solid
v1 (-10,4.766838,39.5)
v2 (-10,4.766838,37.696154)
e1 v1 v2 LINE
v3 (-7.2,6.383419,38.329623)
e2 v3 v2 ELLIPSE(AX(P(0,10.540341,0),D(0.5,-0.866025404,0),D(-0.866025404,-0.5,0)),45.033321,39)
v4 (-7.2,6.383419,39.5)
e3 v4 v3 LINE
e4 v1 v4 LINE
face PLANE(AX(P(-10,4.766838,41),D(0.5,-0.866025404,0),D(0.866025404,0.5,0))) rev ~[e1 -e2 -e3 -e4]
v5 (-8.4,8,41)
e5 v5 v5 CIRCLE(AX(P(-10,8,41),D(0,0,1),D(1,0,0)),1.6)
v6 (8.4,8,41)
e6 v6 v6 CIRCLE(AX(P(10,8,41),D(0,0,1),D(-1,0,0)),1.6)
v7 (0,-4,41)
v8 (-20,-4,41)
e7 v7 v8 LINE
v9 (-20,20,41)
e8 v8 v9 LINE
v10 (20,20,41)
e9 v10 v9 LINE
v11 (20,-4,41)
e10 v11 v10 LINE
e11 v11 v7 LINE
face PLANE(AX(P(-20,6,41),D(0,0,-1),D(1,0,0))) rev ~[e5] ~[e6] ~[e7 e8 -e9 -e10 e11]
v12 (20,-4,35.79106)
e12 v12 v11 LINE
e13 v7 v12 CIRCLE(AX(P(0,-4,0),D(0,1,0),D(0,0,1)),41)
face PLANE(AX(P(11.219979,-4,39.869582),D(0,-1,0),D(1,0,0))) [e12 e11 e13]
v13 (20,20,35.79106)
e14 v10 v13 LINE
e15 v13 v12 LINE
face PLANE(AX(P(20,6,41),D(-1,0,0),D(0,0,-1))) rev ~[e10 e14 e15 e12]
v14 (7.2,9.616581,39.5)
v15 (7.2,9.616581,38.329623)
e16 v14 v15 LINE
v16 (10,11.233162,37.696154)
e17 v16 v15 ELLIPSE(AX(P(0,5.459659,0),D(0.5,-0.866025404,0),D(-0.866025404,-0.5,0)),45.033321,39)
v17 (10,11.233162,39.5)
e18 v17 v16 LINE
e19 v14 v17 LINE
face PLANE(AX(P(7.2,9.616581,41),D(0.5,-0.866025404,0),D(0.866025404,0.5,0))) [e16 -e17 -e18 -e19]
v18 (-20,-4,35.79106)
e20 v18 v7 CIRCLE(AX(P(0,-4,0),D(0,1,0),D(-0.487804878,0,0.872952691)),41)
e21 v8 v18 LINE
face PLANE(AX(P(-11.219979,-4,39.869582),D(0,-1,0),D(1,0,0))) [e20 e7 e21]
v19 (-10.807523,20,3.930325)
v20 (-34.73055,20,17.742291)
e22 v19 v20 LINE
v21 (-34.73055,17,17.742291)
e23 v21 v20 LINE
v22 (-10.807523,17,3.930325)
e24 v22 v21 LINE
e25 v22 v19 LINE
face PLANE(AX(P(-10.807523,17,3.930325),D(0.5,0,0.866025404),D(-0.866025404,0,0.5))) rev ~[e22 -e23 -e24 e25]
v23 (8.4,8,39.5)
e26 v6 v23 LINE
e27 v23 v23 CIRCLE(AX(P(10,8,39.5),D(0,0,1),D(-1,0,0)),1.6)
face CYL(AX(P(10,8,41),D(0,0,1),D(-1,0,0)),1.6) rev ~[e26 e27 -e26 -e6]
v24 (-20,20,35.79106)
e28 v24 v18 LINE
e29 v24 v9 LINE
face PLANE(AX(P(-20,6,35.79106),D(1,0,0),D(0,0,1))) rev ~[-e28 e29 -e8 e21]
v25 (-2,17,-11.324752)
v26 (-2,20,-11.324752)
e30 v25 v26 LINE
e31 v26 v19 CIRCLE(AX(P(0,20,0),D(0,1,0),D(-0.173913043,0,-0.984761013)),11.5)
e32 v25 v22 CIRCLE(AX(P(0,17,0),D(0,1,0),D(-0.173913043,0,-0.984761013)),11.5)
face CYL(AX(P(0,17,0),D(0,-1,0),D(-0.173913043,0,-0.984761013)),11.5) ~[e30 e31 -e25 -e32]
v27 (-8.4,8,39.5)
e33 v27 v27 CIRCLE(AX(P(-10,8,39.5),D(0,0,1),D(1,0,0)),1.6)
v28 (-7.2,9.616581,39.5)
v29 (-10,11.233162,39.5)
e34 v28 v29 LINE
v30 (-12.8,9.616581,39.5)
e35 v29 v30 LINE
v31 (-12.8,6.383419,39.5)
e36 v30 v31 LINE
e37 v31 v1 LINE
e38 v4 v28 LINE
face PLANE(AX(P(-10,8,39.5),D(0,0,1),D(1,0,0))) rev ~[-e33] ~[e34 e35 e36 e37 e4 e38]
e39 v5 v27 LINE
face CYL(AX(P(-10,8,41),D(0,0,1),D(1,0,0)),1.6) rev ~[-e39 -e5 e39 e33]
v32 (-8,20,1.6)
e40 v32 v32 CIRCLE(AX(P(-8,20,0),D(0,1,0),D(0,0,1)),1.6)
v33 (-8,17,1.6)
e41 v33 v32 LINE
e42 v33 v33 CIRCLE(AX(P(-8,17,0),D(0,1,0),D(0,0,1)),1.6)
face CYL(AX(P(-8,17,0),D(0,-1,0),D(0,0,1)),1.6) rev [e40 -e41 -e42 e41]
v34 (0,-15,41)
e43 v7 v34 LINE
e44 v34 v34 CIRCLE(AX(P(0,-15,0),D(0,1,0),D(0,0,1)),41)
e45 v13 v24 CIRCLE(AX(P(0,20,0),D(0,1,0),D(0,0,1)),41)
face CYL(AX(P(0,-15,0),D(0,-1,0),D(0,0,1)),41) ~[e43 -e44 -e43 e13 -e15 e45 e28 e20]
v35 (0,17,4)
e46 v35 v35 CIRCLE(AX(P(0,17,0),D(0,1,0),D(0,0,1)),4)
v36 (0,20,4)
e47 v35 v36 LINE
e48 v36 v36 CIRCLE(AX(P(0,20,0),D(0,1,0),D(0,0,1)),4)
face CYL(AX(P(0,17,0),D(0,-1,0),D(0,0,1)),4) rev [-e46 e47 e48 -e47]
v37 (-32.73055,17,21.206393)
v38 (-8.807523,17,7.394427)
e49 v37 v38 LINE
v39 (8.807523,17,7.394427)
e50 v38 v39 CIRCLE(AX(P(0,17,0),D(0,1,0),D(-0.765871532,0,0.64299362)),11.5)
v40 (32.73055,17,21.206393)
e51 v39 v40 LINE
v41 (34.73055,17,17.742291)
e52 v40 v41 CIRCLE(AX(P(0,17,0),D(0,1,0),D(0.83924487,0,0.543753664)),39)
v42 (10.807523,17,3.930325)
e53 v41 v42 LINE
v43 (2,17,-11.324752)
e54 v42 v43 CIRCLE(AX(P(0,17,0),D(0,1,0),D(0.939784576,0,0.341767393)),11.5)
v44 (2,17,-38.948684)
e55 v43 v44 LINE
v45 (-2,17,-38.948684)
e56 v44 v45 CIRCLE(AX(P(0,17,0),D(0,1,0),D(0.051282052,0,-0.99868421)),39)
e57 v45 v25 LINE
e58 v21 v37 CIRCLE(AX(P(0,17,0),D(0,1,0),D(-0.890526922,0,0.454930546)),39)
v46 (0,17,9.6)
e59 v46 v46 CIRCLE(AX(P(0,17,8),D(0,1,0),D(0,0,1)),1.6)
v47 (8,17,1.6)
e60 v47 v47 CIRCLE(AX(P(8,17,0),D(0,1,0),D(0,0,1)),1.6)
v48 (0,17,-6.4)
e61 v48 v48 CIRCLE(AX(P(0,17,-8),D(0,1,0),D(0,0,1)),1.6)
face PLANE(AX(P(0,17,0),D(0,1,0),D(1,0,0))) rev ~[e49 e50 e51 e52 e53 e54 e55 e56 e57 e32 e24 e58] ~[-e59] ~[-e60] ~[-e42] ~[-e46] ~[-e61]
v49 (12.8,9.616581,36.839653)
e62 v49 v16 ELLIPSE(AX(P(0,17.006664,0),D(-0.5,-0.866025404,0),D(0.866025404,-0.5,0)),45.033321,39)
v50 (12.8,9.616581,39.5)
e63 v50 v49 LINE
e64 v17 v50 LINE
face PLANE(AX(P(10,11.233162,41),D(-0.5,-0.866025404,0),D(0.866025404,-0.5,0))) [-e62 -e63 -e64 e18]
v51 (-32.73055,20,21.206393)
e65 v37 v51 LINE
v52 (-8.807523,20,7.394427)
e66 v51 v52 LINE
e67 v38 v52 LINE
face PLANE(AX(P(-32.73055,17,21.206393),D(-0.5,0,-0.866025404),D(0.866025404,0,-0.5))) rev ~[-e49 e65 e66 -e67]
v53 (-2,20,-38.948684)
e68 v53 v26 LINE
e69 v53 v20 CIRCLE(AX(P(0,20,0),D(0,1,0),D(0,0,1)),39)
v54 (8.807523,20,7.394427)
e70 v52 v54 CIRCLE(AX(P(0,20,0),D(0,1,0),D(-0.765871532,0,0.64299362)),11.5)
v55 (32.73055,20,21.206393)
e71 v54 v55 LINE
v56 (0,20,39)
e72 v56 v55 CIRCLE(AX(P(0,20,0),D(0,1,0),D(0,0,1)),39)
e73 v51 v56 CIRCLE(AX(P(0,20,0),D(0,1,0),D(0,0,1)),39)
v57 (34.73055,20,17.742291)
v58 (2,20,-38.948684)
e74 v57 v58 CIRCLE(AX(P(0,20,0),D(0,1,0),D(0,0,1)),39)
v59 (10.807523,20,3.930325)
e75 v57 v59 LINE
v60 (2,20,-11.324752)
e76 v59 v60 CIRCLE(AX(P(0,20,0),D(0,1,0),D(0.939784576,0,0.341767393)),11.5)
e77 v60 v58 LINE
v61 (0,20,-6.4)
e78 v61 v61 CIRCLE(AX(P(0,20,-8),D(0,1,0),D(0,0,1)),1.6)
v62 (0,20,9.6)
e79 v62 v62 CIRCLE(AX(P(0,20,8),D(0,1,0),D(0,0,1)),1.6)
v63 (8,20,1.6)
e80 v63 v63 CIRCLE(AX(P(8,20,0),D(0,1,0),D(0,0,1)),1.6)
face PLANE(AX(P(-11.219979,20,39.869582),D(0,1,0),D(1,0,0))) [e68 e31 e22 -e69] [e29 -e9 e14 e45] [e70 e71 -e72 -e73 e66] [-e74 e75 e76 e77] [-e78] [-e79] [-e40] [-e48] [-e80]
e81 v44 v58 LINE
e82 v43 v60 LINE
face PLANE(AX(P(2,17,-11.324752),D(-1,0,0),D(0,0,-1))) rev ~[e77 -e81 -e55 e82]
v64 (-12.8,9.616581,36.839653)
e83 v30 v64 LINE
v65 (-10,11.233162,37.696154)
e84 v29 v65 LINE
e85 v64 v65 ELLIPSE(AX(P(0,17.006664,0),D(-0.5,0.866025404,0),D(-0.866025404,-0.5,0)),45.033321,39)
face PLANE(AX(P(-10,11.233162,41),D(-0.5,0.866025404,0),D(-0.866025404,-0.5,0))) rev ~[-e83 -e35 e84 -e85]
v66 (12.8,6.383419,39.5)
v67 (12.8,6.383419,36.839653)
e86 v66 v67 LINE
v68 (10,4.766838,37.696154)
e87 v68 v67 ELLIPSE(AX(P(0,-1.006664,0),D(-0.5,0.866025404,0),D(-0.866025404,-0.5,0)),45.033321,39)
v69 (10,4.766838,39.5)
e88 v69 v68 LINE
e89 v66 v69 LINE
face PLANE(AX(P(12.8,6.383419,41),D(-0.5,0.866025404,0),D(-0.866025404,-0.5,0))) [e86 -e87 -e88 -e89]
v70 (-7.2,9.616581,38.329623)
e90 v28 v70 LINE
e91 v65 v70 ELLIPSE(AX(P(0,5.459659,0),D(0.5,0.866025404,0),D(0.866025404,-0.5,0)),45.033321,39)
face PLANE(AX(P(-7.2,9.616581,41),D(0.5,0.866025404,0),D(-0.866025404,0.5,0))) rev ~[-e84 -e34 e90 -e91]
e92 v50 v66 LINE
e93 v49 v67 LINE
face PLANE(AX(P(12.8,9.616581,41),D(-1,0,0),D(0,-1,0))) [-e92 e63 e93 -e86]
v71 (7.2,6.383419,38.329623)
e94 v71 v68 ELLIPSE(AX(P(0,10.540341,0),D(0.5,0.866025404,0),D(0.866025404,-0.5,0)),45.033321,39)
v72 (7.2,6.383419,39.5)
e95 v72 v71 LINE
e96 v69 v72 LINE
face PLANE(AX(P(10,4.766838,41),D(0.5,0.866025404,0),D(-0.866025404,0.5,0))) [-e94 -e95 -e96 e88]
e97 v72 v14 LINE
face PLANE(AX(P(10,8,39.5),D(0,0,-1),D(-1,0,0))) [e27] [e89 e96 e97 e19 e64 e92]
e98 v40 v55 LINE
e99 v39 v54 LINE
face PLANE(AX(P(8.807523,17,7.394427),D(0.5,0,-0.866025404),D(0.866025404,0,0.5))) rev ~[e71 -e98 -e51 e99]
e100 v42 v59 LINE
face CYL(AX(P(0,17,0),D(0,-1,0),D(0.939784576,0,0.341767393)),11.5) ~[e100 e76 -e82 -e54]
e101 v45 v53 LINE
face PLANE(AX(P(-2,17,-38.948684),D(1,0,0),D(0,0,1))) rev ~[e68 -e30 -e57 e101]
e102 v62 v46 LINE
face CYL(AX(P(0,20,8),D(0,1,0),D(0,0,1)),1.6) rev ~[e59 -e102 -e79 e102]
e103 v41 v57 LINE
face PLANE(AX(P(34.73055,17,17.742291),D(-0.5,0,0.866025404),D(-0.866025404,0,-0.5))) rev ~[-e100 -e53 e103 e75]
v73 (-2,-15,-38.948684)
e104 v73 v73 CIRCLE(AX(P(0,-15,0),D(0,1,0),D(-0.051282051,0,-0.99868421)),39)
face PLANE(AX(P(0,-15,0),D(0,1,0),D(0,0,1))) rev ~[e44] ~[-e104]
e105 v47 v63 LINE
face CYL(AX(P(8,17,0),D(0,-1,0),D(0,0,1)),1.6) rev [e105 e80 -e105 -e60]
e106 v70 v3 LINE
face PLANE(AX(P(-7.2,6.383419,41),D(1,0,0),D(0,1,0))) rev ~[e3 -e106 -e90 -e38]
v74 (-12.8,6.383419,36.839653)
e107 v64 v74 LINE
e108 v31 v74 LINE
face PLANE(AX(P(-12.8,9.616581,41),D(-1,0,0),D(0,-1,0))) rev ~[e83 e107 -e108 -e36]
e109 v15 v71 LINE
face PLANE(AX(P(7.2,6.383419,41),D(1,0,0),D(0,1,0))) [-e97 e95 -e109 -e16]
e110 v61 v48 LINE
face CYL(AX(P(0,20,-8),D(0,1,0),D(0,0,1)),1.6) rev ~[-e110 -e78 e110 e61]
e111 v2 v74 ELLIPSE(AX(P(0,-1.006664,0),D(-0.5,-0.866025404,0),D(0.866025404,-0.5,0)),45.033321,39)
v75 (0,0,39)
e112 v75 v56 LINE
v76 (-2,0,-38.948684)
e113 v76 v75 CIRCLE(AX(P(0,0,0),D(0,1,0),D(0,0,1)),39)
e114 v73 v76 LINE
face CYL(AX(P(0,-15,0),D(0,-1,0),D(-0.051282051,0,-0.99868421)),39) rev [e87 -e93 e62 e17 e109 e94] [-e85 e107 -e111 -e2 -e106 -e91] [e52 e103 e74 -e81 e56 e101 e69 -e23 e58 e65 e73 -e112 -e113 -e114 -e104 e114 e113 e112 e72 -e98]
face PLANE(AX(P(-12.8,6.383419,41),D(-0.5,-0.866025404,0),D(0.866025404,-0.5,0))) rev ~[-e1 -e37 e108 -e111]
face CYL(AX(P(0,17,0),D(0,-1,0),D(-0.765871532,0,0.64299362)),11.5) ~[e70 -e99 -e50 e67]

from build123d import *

# Parameters (mm, degrees)
SKETCH_1_R           = 41
SKETCH_1_R_2         = 39
EXTRUDE_1_DEPTH      = 20
EXTRUDE_START        = -14
EXTRUDE_2_DEPTH      = 14
EXTRUDE_START_2      = -3
SKETCH_3_R           = 4
SKETCH_3_R_2         = 1.6
EXTRUDE_3_DEPTH      = 3
CUT_EXTRUDE_3_DEPTH  = 3
EXTRUDE_5_DEPTH      = 10
EXTRUDE_5_DEPTH_BACK = 15
SKETCH_1_2_R         = 41
SKETCH_1_2_R_2       = 39
EXTRUDE_START_3      = 10
EXTRUDE_7_DEPTH      = 10
EXTRUDE_8_DEPTH      = 10
EXTRUDE_8_DEPTH_BACK = 5
CUT_EXTRUDE_4_DEPTH  = 10
EXTRUDE_9_DEPTH      = 10
EXTRUDE_9_DEPTH_BACK = 1.5
CUT_EXTRUDE_6_DEPTH  = 10
SKETCH_16_R          = 1.6
CUT_EXTRUDE_7_DEPTH  = 3
SKETCH_18_R          = 1.6
CUT_EXTRUDE_8_DEPTH  = 10
SKETCH_18_4_R        = 1.6
CUT_EXTRUDE_9_DEPTH  = 10


with BuildPart() as part:
    # 草图1 → 凸台-拉伸1 (new body)
    with BuildSketch(Plane(origin=(0, 0, 0), x_dir=(1, 0, 0), z_dir=(0, 1, 0))):
        Circle(SKETCH_1_R)
        Circle(SKETCH_1_R_2, mode=Mode.SUBTRACT)
    extrude(amount=EXTRUDE_1_DEPTH)

    # 草图2 → 凸台-拉伸2 (add)
    with BuildSketch(Plane(origin=(0, 20, 0), x_dir=(1, 0, 0), z_dir=(0, 1, 0)).offset(EXTRUDE_START)):
        with BuildLine():
            Line((3.5e-08, -41), (20, -41))
            Line((20, -41), (20, -35.791060336))
            ThreePointArc((20, -35.791060336), (10.333598766, -39.676400247), (3.5e-08, -41))
        make_face()
        with BuildLine():
            Line((-20, -41), (3.5e-08, -41))
            ThreePointArc((3.5e-08, -41), (-10.333598732, -39.676400256), (-20, -35.791060336))
            Line((-20, -35.791060336), (-20, -41))
        make_face()
    extrude(amount=EXTRUDE_2_DEPTH)

    # 草图3 → 凸台-拉伸3 (add)
    with BuildSketch(Plane(origin=(0, 20, 0), x_dir=(1, 0, 0), z_dir=(0, 1, 0)).offset(EXTRUDE_START_2)):
        with BuildLine():
            Line((-2, 38.948684188), (-2, 11.324751653))
            ThreePointArc((-2, 11.324751653), (-9.959292144, 5.75), (-10.807522623, -3.930325019))
            Line((-10.807522623, -3.930325019), (-34.730549951, -17.742291287))
            ThreePointArc((-34.730549951, -17.742291287), (-33.774990748, -19.5), (-32.730549951, -21.206392902))
            Line((-32.730549951, -21.206392902), (-8.807522623, -7.394426634))
            ThreePointArc((-8.807522623, -7.394426634), (0, -11.5), (8.807522623, -7.394426634))
            Line((8.807522623, -7.394426634), (32.730549951, -21.206392902))
            ThreePointArc((32.730549951, -21.206392902), (33.774990748, -19.5), (34.730549951, -17.742291287))
            Line((34.730549951, -17.742291287), (10.807522623, -3.930325019))
            ThreePointArc((10.807522623, -3.930325019), (9.959292144, 5.75), (2, 11.324751653))
            Line((2, 11.324751653), (2, 38.948684188))
            ThreePointArc((2, 38.948684188), (0, 39), (-2, 38.948684188))
        make_face()
        Circle(SKETCH_3_R, mode=Mode.SUBTRACT)
        with Locations((-8, 0)):
            Circle(SKETCH_3_R_2, mode=Mode.SUBTRACT)
        with Locations((8, 0)):
            Circle(SKETCH_3_R_2, mode=Mode.SUBTRACT)
    extrude(amount=EXTRUDE_3_DEPTH)

    # 草图7 → 切除-拉伸3 (cut)
    with BuildSketch(Plane.XZ.offset(-6)):
        with BuildLine():
            Line((0, 41), (-20, 41))
            Line((-20, 41), (-20, 35.791060336))
            ThreePointArc((-20, 35.791060336), (-10.333598749, 39.676400251), (0, 41))
        make_face()
        with BuildLine():
            Line((20, 41), (0, 41))
            ThreePointArc((0, 41), (10.333598749, 39.676400251), (20, 35.791060336))
            Line((20, 35.791060336), (20, 41))
        make_face()
    extrude(amount=-CUT_EXTRUDE_3_DEPTH, mode=Mode.SUBTRACT)

    # 草图1<2> → 凸台-拉伸5 (add, two sides: drawn at the far end of the back side and taken through both)
    with BuildSketch(Plane(origin=(0, 0, 0), x_dir=(1, 0, 0), z_dir=(0, 1, 0)).offset(-EXTRUDE_5_DEPTH_BACK)):
        Circle(SKETCH_1_2_R)
        Circle(SKETCH_1_2_R_2, mode=Mode.SUBTRACT)
    extrude(amount=EXTRUDE_5_DEPTH + EXTRUDE_5_DEPTH_BACK)

    # 草图7<4> → 凸台-拉伸7 (add)
    with BuildSketch(Plane.XZ.offset(-6).offset(EXTRUDE_START_3)):
        with BuildLine():
            Line((0, 41), (-20, 41))
            Line((-20, 41), (-20, 35.791060336))
            ThreePointArc((-20, 35.791060336), (-10.333598749, 39.676400251), (0, 41))
        make_face()
        with BuildLine():
            Line((20, 41), (0, 41))
            ThreePointArc((0, 41), (10.333598749, 39.676400251), (20, 35.791060336))
            Line((20, 35.791060336), (20, 41))
        make_face()
    extrude(amount=-EXTRUDE_7_DEPTH)

    # 草图7<5> → 凸台-拉伸8 (add, two sides: drawn at the far end of the back side and taken through both)
    with BuildSketch(Plane.XZ.offset(-6).offset(-EXTRUDE_8_DEPTH_BACK)):
        with BuildLine():
            Line((0, 41), (-20, 41))
            Line((-20, 41), (-20, 35.791060336))
            ThreePointArc((-20, 35.791060336), (-10.333598749, 39.676400251), (0, 41))
        make_face()
        with BuildLine():
            Line((20, 41), (0, 41))
            ThreePointArc((0, 41), (10.333598749, 39.676400251), (20, 35.791060336))
            Line((20, 35.791060336), (20, 41))
        make_face()
    extrude(amount=EXTRUDE_8_DEPTH + EXTRUDE_8_DEPTH_BACK)

    # 草图4 → 切除-拉伸4 (cut)
    with BuildSketch(Plane.XY.offset(41)):
        Polygon((-10, 4.766838493), (-7.2, 6.383419246), (-7.2, 9.616580754), (-10, 11.233161507), (-12.8, 9.616580754), (-12.8, 6.383419246), align=None)
        Polygon((12.8, 6.383419246), (10, 4.766838493), (7.2, 6.383419246), (7.2, 9.616580754), (10, 11.233161507), (12.8, 9.616580754), align=None)
    extrude(amount=-CUT_EXTRUDE_4_DEPTH, mode=Mode.SUBTRACT)

    # 草图4<3> → 凸台-拉伸9 (add, two sides: drawn at the far end of the back side and taken through both)
    with BuildSketch(Plane.XY.offset(41).offset(-EXTRUDE_9_DEPTH_BACK)):
        Polygon((-10, 4.766838493), (-7.2, 6.383419246), (-7.2, 9.616580754), (-10, 11.233161507), (-12.8, 9.616580754), (-12.8, 6.383419246), align=None)
        Polygon((12.8, 6.383419246), (10, 4.766838493), (7.2, 6.383419246), (7.2, 9.616580754), (10, 11.233161507), (12.8, 9.616580754), align=None)
    extrude(amount=EXTRUDE_9_DEPTH + EXTRUDE_9_DEPTH_BACK)

    # 草图13 → 切除-拉伸6 (cut)
    with BuildSketch(Plane.XY.offset(51)):
        Polygon((10, 11.233161507), (7.2, 9.616580754), (7.2, 6.383419246), (10, 4.766838493), (12.8, 6.383419246), (12.8, 9.616580754), align=None)
        Polygon((-10, 11.233161507), (-12.8, 9.616580754), (-12.8, 6.383419246), (-10, 4.766838493), (-7.2, 6.383419246), (-7.2, 9.616580754), align=None)
    extrude(amount=-CUT_EXTRUDE_6_DEPTH, mode=Mode.SUBTRACT)

    # 草图16 → 切除-拉伸7 (cut)
    with BuildSketch(Plane.XY.offset(41)):
        with Locations((-10, 8)):
            Circle(SKETCH_16_R)
        with Locations((10, 8)):
            Circle(SKETCH_16_R)
    extrude(amount=-CUT_EXTRUDE_7_DEPTH, mode=Mode.SUBTRACT)

    # 草图18 → 切除-拉伸8 (cut)
    with BuildSketch(Plane(origin=(0, 20, 0), x_dir=(1, 0, 0), z_dir=(0, 1, 0))):
        with Locations((0, 8)):
            Circle(SKETCH_18_R)
    extrude(amount=-CUT_EXTRUDE_8_DEPTH, mode=Mode.SUBTRACT)

    # 草图18<4> → 切除-拉伸9 (cut)
    with BuildSketch(Plane(origin=(0, 20, 0), x_dir=(1, 0, 0), z_dir=(0, 1, 0))):
        with Locations((0, 8)):
            Circle(SKETCH_18_4_R)
        with Locations((0, -8)):
            Circle(SKETCH_18_4_R)
    extrude(amount=-CUT_EXTRUDE_9_DEPTH, mode=Mode.SUBTRACT)


solid = part.part
